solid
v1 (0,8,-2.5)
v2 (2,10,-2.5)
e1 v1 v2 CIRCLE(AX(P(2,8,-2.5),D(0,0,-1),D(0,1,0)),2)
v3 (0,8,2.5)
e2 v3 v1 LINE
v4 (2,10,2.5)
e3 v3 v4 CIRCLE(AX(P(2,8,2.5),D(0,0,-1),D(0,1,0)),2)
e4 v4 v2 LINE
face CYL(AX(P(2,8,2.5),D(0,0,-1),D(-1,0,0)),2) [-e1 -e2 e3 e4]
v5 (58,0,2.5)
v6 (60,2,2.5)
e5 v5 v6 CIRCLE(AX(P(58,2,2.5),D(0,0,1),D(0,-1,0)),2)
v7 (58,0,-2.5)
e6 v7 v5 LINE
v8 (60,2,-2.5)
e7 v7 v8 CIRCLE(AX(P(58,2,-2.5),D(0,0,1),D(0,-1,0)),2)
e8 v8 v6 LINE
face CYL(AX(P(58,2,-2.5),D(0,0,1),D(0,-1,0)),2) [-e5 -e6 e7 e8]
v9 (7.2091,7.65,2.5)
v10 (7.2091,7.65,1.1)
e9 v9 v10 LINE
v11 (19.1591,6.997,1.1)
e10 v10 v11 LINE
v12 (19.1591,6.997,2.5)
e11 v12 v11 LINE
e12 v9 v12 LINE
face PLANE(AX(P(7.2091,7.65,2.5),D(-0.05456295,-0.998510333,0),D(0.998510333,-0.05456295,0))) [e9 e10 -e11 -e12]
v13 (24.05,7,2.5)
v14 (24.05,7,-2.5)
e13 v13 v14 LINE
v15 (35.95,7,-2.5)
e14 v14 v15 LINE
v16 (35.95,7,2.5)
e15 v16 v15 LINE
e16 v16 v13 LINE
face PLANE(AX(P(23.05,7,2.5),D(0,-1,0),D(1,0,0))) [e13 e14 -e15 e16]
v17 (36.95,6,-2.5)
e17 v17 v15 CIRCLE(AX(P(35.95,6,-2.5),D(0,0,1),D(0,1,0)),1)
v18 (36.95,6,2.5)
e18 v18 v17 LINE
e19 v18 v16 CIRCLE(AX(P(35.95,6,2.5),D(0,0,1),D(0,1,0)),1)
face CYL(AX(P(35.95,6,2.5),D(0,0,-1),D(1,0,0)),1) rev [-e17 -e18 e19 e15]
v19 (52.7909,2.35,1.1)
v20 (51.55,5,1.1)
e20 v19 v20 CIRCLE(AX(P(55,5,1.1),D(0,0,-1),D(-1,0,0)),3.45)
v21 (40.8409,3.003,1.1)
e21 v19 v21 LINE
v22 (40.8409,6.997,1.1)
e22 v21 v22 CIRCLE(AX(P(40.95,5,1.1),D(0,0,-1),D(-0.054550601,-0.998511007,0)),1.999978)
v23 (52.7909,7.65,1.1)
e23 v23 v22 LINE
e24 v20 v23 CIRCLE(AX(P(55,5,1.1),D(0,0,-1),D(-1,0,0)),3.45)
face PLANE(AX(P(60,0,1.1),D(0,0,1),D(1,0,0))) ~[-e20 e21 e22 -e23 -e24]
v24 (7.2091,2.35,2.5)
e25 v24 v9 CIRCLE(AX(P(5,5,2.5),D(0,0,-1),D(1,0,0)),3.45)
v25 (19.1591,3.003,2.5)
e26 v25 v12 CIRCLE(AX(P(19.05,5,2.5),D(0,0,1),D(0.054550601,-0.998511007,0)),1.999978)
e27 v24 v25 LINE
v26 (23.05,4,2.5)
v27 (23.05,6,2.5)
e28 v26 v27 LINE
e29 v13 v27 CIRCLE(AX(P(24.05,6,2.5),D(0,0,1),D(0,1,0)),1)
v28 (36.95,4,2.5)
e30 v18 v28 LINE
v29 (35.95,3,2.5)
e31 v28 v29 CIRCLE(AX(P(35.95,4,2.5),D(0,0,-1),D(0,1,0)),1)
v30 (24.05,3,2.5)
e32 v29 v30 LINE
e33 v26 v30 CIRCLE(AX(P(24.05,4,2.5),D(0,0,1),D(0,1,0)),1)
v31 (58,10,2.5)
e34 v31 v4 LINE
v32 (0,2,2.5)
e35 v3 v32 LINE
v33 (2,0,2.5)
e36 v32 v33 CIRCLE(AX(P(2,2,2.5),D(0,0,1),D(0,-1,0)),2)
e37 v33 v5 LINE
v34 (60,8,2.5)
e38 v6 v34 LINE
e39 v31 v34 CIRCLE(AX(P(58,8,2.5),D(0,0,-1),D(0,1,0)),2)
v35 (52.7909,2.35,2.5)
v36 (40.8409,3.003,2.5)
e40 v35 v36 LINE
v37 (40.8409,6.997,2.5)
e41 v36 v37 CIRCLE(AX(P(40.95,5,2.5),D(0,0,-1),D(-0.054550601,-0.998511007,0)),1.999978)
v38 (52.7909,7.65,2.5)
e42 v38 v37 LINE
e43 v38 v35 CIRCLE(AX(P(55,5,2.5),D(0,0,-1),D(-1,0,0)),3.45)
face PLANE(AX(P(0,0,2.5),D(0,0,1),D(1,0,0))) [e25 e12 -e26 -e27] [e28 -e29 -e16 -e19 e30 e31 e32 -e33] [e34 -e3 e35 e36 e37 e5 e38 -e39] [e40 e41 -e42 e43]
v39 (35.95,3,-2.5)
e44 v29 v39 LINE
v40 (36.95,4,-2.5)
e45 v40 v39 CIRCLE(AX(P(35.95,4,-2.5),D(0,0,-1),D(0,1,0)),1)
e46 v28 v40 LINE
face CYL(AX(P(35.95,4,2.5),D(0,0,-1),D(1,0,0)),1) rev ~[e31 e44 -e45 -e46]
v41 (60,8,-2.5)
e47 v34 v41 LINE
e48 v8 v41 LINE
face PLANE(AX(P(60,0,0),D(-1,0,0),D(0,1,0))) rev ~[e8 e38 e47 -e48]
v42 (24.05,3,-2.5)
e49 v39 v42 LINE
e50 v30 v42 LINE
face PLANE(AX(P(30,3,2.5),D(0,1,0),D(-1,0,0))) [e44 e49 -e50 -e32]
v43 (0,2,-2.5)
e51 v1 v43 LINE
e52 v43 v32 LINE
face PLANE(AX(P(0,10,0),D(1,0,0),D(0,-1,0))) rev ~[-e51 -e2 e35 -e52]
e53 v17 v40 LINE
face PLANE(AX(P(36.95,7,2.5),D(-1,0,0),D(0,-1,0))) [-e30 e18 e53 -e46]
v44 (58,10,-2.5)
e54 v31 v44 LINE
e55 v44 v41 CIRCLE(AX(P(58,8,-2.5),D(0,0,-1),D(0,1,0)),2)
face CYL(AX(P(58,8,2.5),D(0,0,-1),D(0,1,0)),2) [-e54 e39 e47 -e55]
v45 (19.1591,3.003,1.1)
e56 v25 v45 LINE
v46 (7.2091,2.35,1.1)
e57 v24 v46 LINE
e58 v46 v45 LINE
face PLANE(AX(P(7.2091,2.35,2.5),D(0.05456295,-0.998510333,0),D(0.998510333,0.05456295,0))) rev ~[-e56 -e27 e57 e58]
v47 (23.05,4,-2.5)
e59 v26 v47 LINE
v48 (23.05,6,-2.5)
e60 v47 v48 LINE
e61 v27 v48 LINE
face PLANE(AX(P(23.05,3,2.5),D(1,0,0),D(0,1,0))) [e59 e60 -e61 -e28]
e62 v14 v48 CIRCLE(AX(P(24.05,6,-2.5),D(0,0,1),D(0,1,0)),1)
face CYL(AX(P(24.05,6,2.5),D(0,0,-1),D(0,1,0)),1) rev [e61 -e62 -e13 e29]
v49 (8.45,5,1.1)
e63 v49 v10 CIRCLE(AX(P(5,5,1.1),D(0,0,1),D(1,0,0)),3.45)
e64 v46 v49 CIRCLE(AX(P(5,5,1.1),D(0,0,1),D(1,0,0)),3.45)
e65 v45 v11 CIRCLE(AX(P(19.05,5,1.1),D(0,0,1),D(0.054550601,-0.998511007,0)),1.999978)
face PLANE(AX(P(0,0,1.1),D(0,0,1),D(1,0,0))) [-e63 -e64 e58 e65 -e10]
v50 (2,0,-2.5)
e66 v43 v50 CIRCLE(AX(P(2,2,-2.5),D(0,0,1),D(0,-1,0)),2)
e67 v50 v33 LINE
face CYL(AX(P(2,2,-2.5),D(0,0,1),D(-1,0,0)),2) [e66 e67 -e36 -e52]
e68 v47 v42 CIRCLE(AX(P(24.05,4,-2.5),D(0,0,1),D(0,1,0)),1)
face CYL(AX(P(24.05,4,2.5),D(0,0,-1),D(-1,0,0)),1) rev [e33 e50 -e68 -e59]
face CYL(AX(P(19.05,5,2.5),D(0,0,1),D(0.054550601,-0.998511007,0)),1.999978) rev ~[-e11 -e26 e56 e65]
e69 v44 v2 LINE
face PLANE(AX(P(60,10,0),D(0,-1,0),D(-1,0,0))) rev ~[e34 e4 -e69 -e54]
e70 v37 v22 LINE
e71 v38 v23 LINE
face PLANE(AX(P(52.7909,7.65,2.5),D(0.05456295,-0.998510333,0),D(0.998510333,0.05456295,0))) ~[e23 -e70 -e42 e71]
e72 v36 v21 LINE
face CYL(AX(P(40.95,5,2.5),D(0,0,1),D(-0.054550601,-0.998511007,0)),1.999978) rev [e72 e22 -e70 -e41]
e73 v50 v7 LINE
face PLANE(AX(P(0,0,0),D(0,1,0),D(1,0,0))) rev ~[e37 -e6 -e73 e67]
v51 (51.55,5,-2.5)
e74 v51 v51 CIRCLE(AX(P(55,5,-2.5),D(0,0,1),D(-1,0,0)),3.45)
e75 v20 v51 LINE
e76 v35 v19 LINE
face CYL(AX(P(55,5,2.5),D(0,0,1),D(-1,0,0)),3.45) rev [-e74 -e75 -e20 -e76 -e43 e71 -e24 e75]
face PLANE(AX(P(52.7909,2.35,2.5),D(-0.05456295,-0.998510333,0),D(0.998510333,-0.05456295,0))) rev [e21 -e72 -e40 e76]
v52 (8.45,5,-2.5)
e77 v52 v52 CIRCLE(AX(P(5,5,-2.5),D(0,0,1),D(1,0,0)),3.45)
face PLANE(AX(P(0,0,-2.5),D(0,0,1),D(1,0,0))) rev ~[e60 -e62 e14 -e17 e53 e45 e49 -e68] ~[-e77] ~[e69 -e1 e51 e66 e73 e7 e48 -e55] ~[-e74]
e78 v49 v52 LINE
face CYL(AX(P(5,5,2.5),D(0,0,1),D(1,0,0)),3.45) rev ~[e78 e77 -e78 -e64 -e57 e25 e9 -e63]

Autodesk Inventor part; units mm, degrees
ref_plane "YZ Plane" through (0, 0, 0) normal (1, 0, 0) x (0, 1, 0)
ref_plane "XZ Plane" through (0, 0, 0) normal (0, 1, 0) x (-1, 0, 0)
sketch "Sketch1" plane through (0, 0, 0) normal (0, 0, 1) x (1, 0, 0)
  line L0 (0, 0) -> (60, 0)
  line L1 (60, 0) -> (60, 10)
  line L2 (60, 10) -> (0, 10)
  line L3 (0, 10) -> (0, 0)
  line L4 (30, 10) -> (30, 0) construction
  dimension "d0" = 60
  dimension "d2" = 10
extrude "Extrusion1" add sketch "Sketch1" along normal mid plane 5
sketch "Sketch2" plane through (0, 0, 2.5) normal (0, 0, 1) x (1, 0, 0)
  circle A0 centre (5, 5) radius 3.45
  line L0 (60, 10) -> (0, 10) projected
  line L1 (60, 0) -> (60, 10) projected
  line L2 (60, 10) -> (0, 10) projected
  line L3 (0, 10) -> (0, 0) projected
  line L4 (0, 0) -> (60, 0) projected
  line L5 (7.2091, 7.65) -> (7.2091, 2.35) construction
  arc A1 (19.1591, 3.003) -> (19.1591, 6.997) centre (19.05, 5) ccw
  line L6 (7.2091, 7.65) -> (19.1591, 6.997)
  line L7 (5, 5) -> (19.05, 5) construction
  line L8 (7.2091, 2.35) -> (19.1591, 3.003)
  line L9 (0, 5) -> (5, 5) construction
  line L10 (5, 10) -> (5, 5) construction
  dimension "d8" = 6.9
  dimension "d9" = 5.3
  dimension "d10" = 14.05
  dimension "d11" = 2
extrude "Extrusion2" cut sketch "Sketch2" along normal through all both and the other way through all contours A0
extrude "Extrusion3" cut sketch "Sketch2" against normal blind 1.4 contours A0 L6 A1 L8
ref_plane "Work Plane1" through (30, 0, 2.5) normal (-1, 0, 0) x (0, 0, 1)
mirror "Mirror1" about plane through (30, 0, 2.5) normal (-1, 0, 0) of "Extrusion2", "Extrusion3"
fillet "Fillet1" radius 2 4 edges at (60, 10, 0) (60, 0, 0) (0, 0, 0) (0, 10, 0)
sketch "Sketch3" plane through (0, 0, 2.5) normal (0, 0, 1) x (1, 0, 0)
  line L0 (30, -2) -> (30, 12) projected
  line L1 (0, 8) -> (0, 2) projected
  line L2 (23.05, 7) -> (36.95, 7)
  line L3 (36.95, 7) -> (36.95, 3)
  line L4 (36.95, 3) -> (23.05, 3)
  line L5 (23.05, 3) -> (23.05, 7)
  line L6 (23.05, 7) -> (36.95, 3) construction
  line L7 (36.95, 7) -> (23.05, 3) construction
  arc A0 (40.8409, 6.997) -> (40.8409, 3.003) centre (40.95, 5) ccw construction
  line L8 (58, 10) -> (2, 10) construction
  line L9 (30, 7) -> (30, 10) construction
  line L10 (2, 0) -> (58, 0) projected
  point P0 (0, 0)
  point P1 (30, 5)
  point P2 (38.95, 5)
  point P3 (0, 5)
  dimension "d26" = 2
  dimension "d27" = 3
extrude "Extrusion4" cut sketch "Sketch3" against normal through all
fillet "Fillet2" radius 1 4 edges at (23.05, 7, 0) (23.05, 3, 0) (36.95, 3, 0) (36.95, 7, 0)
properties part number "leg_v0.1"
